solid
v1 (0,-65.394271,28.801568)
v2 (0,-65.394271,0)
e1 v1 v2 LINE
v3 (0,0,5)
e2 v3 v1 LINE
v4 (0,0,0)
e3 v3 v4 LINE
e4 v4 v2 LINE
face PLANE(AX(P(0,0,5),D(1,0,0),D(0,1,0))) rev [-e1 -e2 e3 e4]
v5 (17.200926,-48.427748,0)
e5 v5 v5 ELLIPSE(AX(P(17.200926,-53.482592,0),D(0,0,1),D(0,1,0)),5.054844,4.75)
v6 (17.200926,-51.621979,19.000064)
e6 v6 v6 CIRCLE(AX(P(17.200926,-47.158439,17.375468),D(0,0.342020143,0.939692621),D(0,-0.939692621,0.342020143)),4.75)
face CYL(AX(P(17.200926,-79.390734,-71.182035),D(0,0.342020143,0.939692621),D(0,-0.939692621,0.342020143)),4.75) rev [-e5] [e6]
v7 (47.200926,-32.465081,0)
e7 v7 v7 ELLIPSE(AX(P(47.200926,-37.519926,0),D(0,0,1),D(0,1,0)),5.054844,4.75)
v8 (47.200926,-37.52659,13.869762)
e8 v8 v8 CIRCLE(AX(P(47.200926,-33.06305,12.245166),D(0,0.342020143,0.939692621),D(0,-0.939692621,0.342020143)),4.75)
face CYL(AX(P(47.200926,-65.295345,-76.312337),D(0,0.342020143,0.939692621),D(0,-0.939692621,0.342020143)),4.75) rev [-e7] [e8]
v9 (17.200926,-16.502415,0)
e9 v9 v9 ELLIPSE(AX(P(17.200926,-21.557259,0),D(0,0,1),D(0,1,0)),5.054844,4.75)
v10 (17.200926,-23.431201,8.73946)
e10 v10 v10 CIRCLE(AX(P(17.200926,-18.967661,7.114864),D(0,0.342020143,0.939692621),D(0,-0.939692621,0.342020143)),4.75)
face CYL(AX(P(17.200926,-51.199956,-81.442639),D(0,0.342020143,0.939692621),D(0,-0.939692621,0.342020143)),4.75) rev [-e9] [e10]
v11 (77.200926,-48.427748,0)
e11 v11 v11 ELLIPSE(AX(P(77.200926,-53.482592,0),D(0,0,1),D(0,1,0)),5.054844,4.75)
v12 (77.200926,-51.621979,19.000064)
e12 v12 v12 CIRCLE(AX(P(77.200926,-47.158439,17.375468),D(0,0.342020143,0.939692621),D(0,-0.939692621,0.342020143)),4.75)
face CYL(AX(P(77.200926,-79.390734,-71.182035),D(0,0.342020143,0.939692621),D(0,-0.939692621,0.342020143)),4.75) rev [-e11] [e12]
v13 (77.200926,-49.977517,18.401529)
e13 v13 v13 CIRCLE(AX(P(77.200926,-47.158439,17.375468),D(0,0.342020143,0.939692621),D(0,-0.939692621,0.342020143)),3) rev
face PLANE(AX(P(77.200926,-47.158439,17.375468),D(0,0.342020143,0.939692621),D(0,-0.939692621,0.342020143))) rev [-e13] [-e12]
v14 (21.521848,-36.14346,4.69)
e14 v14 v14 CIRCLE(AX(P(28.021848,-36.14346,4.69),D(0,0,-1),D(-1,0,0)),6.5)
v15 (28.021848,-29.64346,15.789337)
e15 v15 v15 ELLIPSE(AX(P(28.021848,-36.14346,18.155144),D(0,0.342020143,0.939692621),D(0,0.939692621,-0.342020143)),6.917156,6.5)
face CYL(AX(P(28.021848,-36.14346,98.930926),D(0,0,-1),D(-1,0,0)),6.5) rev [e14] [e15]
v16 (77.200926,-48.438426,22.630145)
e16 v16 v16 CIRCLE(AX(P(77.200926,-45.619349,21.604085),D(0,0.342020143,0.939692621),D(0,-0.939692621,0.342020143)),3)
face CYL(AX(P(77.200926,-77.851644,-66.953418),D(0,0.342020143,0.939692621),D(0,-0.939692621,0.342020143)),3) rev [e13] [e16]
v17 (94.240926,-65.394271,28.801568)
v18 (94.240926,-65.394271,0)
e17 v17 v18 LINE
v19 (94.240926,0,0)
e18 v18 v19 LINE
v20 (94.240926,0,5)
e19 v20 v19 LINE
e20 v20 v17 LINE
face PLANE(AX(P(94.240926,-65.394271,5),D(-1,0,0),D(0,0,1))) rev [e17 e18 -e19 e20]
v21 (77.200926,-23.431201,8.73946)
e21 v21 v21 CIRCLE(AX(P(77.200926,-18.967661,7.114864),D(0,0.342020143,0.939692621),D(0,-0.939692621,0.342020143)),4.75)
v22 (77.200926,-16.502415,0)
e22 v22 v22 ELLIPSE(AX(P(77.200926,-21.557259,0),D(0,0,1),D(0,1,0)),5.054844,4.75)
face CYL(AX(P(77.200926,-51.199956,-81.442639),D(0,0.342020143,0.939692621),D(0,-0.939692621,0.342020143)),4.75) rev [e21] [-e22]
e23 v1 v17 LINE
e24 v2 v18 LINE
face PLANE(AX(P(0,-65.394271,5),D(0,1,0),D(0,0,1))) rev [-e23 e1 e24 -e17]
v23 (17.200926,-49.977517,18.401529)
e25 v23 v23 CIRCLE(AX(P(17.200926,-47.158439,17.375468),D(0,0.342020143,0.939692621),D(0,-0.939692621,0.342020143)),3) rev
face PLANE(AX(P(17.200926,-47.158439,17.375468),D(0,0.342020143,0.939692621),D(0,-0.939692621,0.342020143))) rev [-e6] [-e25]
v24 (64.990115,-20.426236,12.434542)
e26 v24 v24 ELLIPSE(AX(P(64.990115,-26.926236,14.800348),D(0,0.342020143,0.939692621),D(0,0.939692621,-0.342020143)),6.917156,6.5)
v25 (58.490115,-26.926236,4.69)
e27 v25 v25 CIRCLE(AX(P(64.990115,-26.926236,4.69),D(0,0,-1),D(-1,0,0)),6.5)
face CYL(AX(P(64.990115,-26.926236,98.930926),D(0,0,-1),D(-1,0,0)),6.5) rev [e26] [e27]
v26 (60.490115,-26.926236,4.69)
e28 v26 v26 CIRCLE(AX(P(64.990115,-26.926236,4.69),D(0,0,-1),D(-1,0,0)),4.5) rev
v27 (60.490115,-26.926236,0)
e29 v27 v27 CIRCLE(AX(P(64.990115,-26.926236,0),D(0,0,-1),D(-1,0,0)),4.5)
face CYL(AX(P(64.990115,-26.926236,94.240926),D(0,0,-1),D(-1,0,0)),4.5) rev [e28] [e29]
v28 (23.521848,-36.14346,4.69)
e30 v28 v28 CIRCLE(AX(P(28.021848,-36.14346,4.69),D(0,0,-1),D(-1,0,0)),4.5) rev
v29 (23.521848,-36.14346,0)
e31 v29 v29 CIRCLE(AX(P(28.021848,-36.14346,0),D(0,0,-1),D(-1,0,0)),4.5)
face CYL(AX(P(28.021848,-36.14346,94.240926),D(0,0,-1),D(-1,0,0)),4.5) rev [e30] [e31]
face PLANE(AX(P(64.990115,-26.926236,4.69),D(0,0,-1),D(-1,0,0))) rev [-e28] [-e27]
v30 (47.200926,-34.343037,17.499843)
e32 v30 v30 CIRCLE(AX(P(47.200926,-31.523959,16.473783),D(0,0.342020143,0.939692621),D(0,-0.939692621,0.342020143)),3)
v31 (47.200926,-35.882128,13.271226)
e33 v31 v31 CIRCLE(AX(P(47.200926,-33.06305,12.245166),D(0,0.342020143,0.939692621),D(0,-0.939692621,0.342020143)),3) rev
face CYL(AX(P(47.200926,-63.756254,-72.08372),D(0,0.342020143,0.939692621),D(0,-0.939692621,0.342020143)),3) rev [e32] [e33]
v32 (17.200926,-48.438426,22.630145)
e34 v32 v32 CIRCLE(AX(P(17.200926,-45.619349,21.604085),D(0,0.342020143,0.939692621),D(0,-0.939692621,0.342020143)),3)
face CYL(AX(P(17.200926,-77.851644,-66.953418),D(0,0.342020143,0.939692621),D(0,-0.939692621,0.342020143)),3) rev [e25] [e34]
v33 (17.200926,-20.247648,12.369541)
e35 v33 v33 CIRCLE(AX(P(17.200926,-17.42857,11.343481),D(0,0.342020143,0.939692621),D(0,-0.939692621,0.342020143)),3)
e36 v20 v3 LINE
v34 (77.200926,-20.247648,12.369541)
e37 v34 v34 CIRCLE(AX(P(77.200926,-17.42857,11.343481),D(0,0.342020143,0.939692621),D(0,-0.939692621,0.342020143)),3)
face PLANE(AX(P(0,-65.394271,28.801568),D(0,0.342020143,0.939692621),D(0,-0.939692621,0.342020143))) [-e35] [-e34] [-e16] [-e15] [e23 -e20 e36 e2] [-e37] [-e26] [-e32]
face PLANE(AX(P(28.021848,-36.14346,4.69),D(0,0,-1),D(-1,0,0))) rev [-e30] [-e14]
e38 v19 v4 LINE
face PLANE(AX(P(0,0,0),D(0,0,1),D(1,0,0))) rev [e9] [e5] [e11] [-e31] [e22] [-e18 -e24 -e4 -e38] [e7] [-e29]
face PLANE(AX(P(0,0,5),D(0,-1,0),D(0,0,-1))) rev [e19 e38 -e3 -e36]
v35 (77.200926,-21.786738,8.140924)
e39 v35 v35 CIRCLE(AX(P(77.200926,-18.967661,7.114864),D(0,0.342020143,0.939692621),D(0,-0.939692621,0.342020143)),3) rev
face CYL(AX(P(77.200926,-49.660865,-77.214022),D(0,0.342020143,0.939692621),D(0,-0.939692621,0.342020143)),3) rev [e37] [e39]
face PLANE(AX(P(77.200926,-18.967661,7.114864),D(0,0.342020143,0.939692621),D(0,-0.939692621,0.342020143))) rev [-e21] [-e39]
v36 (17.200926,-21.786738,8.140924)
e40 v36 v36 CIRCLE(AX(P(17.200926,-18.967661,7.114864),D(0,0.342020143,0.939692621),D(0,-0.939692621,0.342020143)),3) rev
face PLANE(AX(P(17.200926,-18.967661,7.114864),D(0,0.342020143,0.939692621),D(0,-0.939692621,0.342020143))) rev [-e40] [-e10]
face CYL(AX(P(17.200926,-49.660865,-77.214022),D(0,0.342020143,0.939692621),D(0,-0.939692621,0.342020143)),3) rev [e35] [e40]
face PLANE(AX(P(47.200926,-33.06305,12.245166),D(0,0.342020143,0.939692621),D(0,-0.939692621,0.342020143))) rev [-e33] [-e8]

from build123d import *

# Parameters (mm, degrees)
SKETCH1_W           = 94.24092637
SKETCH1_H           = 65.39427142
BOSS_EXTRUDE1_DEPTH = 5
BOSS_EXTRUDE2_DEPTH = 94.24092637
SKETCH4_R           = 4.5
CUT_EXTRUDE1_DEPTH  = 94.24092637
CUT_EXTRUDE2_START  = -4.69
SKETCH4_4_R         = 6.5
CUT_EXTRUDE2_DEPTH  = 94.24092637
SKETCH3_R           = 3
CUT_EXTRUDE3_DEPTH  = 94.24092637
CUT_EXTRUDE4_START  = -4.5
SKETCH3_3_R         = 4.75
CUT_EXTRUDE4_DEPTH  = 94.24092637


with BuildPart() as part:
    # Sketch1 → Boss-Extrude1 (new body)
    with BuildSketch(Plane.XY):
        with Locations((47.120463185, -32.69713571)):
            Rectangle(SKETCH1_W, SKETCH1_H)
    extrude(amount=BOSS_EXTRUDE1_DEPTH)

    # Sketch2 → Boss-Extrude2 (add)
    with BuildSketch(Plane(origin=(94.24092637, 0, 0), x_dir=(0, 0, -1), z_dir=(1, 0, 0))):
        Polygon((-5, -65.39427142), (-28.80156829, -65.39427142), (-5, 0), align=None)
    extrude(amount=-BOSS_EXTRUDE2_DEPTH)

    # Sketch4 → Cut-Extrude1 (cut)
    with BuildSketch(Plane(origin=(0, 0, 0), x_dir=(-1, 0, 0), z_dir=(0, 0, -1))):
        with Locations((-64.990115154, -26.926235979)):
            Circle(SKETCH4_R)
        with Locations((-28.021847985, -36.1434602)):
            Circle(SKETCH4_R)
    extrude(amount=-CUT_EXTRUDE1_DEPTH, mode=Mode.SUBTRACT)

    # Sketch4<4> → Cut-Extrude2 (cut)
    with BuildSketch(Plane(origin=(0, 0, 0), x_dir=(-1, 0, 0), z_dir=(0, 0, -1)).offset(CUT_EXTRUDE2_START)):
        with Locations((-64.990115154, -26.926235979)):
            Circle(SKETCH4_4_R)
        with Locations((-28.021847985, -36.1434602)):
            Circle(SKETCH4_4_R)
    extrude(amount=-CUT_EXTRUDE2_DEPTH, mode=Mode.SUBTRACT)

    # Sketch3 → Cut-Extrude3 (cut)
    with BuildSketch(Plane(origin=(0, 1.606969024, 4.415111108), x_dir=(1, 0, 0), z_dir=(0, 0.34202014334590697, 0.9396926207785422))):
        with Locations((47.20092637, -35.257197457)):
            Circle(SKETCH3_R)
        with Locations((17.20092637, -50.257197457)):
            Circle(SKETCH3_R)
        with Locations((17.20092637, -20.257197457)):
            Circle(SKETCH3_R)
        with Locations((77.20092637, -20.257197457)):
            Circle(SKETCH3_R)
        with Locations((77.20092637, -50.257197457)):
            Circle(SKETCH3_R)
    extrude(amount=-CUT_EXTRUDE3_DEPTH, mode=Mode.SUBTRACT)

    # Sketch3<3> → Cut-Extrude4 (cut)
    with BuildSketch(Plane(origin=(0, 1.606969024, 4.415111108), x_dir=(1, 0, 0), z_dir=(0, 0.34202014334590697, 0.9396926207785422)).offset(CUT_EXTRUDE4_START)):
        with Locations((17.20092637, -20.257197457)):
            Circle(SKETCH3_3_R)
        with Locations((17.20092637, -50.257197457)):
            Circle(SKETCH3_3_R)
        with Locations((47.20092637, -35.257197457)):
            Circle(SKETCH3_3_R)
        with Locations((77.20092637, -20.257197457)):
            Circle(SKETCH3_3_R)
        with Locations((77.20092637, -50.257197457)):
            Circle(SKETCH3_3_R)
    extrude(amount=-CUT_EXTRUDE4_DEPTH, mode=Mode.SUBTRACT)


solid = part.part
